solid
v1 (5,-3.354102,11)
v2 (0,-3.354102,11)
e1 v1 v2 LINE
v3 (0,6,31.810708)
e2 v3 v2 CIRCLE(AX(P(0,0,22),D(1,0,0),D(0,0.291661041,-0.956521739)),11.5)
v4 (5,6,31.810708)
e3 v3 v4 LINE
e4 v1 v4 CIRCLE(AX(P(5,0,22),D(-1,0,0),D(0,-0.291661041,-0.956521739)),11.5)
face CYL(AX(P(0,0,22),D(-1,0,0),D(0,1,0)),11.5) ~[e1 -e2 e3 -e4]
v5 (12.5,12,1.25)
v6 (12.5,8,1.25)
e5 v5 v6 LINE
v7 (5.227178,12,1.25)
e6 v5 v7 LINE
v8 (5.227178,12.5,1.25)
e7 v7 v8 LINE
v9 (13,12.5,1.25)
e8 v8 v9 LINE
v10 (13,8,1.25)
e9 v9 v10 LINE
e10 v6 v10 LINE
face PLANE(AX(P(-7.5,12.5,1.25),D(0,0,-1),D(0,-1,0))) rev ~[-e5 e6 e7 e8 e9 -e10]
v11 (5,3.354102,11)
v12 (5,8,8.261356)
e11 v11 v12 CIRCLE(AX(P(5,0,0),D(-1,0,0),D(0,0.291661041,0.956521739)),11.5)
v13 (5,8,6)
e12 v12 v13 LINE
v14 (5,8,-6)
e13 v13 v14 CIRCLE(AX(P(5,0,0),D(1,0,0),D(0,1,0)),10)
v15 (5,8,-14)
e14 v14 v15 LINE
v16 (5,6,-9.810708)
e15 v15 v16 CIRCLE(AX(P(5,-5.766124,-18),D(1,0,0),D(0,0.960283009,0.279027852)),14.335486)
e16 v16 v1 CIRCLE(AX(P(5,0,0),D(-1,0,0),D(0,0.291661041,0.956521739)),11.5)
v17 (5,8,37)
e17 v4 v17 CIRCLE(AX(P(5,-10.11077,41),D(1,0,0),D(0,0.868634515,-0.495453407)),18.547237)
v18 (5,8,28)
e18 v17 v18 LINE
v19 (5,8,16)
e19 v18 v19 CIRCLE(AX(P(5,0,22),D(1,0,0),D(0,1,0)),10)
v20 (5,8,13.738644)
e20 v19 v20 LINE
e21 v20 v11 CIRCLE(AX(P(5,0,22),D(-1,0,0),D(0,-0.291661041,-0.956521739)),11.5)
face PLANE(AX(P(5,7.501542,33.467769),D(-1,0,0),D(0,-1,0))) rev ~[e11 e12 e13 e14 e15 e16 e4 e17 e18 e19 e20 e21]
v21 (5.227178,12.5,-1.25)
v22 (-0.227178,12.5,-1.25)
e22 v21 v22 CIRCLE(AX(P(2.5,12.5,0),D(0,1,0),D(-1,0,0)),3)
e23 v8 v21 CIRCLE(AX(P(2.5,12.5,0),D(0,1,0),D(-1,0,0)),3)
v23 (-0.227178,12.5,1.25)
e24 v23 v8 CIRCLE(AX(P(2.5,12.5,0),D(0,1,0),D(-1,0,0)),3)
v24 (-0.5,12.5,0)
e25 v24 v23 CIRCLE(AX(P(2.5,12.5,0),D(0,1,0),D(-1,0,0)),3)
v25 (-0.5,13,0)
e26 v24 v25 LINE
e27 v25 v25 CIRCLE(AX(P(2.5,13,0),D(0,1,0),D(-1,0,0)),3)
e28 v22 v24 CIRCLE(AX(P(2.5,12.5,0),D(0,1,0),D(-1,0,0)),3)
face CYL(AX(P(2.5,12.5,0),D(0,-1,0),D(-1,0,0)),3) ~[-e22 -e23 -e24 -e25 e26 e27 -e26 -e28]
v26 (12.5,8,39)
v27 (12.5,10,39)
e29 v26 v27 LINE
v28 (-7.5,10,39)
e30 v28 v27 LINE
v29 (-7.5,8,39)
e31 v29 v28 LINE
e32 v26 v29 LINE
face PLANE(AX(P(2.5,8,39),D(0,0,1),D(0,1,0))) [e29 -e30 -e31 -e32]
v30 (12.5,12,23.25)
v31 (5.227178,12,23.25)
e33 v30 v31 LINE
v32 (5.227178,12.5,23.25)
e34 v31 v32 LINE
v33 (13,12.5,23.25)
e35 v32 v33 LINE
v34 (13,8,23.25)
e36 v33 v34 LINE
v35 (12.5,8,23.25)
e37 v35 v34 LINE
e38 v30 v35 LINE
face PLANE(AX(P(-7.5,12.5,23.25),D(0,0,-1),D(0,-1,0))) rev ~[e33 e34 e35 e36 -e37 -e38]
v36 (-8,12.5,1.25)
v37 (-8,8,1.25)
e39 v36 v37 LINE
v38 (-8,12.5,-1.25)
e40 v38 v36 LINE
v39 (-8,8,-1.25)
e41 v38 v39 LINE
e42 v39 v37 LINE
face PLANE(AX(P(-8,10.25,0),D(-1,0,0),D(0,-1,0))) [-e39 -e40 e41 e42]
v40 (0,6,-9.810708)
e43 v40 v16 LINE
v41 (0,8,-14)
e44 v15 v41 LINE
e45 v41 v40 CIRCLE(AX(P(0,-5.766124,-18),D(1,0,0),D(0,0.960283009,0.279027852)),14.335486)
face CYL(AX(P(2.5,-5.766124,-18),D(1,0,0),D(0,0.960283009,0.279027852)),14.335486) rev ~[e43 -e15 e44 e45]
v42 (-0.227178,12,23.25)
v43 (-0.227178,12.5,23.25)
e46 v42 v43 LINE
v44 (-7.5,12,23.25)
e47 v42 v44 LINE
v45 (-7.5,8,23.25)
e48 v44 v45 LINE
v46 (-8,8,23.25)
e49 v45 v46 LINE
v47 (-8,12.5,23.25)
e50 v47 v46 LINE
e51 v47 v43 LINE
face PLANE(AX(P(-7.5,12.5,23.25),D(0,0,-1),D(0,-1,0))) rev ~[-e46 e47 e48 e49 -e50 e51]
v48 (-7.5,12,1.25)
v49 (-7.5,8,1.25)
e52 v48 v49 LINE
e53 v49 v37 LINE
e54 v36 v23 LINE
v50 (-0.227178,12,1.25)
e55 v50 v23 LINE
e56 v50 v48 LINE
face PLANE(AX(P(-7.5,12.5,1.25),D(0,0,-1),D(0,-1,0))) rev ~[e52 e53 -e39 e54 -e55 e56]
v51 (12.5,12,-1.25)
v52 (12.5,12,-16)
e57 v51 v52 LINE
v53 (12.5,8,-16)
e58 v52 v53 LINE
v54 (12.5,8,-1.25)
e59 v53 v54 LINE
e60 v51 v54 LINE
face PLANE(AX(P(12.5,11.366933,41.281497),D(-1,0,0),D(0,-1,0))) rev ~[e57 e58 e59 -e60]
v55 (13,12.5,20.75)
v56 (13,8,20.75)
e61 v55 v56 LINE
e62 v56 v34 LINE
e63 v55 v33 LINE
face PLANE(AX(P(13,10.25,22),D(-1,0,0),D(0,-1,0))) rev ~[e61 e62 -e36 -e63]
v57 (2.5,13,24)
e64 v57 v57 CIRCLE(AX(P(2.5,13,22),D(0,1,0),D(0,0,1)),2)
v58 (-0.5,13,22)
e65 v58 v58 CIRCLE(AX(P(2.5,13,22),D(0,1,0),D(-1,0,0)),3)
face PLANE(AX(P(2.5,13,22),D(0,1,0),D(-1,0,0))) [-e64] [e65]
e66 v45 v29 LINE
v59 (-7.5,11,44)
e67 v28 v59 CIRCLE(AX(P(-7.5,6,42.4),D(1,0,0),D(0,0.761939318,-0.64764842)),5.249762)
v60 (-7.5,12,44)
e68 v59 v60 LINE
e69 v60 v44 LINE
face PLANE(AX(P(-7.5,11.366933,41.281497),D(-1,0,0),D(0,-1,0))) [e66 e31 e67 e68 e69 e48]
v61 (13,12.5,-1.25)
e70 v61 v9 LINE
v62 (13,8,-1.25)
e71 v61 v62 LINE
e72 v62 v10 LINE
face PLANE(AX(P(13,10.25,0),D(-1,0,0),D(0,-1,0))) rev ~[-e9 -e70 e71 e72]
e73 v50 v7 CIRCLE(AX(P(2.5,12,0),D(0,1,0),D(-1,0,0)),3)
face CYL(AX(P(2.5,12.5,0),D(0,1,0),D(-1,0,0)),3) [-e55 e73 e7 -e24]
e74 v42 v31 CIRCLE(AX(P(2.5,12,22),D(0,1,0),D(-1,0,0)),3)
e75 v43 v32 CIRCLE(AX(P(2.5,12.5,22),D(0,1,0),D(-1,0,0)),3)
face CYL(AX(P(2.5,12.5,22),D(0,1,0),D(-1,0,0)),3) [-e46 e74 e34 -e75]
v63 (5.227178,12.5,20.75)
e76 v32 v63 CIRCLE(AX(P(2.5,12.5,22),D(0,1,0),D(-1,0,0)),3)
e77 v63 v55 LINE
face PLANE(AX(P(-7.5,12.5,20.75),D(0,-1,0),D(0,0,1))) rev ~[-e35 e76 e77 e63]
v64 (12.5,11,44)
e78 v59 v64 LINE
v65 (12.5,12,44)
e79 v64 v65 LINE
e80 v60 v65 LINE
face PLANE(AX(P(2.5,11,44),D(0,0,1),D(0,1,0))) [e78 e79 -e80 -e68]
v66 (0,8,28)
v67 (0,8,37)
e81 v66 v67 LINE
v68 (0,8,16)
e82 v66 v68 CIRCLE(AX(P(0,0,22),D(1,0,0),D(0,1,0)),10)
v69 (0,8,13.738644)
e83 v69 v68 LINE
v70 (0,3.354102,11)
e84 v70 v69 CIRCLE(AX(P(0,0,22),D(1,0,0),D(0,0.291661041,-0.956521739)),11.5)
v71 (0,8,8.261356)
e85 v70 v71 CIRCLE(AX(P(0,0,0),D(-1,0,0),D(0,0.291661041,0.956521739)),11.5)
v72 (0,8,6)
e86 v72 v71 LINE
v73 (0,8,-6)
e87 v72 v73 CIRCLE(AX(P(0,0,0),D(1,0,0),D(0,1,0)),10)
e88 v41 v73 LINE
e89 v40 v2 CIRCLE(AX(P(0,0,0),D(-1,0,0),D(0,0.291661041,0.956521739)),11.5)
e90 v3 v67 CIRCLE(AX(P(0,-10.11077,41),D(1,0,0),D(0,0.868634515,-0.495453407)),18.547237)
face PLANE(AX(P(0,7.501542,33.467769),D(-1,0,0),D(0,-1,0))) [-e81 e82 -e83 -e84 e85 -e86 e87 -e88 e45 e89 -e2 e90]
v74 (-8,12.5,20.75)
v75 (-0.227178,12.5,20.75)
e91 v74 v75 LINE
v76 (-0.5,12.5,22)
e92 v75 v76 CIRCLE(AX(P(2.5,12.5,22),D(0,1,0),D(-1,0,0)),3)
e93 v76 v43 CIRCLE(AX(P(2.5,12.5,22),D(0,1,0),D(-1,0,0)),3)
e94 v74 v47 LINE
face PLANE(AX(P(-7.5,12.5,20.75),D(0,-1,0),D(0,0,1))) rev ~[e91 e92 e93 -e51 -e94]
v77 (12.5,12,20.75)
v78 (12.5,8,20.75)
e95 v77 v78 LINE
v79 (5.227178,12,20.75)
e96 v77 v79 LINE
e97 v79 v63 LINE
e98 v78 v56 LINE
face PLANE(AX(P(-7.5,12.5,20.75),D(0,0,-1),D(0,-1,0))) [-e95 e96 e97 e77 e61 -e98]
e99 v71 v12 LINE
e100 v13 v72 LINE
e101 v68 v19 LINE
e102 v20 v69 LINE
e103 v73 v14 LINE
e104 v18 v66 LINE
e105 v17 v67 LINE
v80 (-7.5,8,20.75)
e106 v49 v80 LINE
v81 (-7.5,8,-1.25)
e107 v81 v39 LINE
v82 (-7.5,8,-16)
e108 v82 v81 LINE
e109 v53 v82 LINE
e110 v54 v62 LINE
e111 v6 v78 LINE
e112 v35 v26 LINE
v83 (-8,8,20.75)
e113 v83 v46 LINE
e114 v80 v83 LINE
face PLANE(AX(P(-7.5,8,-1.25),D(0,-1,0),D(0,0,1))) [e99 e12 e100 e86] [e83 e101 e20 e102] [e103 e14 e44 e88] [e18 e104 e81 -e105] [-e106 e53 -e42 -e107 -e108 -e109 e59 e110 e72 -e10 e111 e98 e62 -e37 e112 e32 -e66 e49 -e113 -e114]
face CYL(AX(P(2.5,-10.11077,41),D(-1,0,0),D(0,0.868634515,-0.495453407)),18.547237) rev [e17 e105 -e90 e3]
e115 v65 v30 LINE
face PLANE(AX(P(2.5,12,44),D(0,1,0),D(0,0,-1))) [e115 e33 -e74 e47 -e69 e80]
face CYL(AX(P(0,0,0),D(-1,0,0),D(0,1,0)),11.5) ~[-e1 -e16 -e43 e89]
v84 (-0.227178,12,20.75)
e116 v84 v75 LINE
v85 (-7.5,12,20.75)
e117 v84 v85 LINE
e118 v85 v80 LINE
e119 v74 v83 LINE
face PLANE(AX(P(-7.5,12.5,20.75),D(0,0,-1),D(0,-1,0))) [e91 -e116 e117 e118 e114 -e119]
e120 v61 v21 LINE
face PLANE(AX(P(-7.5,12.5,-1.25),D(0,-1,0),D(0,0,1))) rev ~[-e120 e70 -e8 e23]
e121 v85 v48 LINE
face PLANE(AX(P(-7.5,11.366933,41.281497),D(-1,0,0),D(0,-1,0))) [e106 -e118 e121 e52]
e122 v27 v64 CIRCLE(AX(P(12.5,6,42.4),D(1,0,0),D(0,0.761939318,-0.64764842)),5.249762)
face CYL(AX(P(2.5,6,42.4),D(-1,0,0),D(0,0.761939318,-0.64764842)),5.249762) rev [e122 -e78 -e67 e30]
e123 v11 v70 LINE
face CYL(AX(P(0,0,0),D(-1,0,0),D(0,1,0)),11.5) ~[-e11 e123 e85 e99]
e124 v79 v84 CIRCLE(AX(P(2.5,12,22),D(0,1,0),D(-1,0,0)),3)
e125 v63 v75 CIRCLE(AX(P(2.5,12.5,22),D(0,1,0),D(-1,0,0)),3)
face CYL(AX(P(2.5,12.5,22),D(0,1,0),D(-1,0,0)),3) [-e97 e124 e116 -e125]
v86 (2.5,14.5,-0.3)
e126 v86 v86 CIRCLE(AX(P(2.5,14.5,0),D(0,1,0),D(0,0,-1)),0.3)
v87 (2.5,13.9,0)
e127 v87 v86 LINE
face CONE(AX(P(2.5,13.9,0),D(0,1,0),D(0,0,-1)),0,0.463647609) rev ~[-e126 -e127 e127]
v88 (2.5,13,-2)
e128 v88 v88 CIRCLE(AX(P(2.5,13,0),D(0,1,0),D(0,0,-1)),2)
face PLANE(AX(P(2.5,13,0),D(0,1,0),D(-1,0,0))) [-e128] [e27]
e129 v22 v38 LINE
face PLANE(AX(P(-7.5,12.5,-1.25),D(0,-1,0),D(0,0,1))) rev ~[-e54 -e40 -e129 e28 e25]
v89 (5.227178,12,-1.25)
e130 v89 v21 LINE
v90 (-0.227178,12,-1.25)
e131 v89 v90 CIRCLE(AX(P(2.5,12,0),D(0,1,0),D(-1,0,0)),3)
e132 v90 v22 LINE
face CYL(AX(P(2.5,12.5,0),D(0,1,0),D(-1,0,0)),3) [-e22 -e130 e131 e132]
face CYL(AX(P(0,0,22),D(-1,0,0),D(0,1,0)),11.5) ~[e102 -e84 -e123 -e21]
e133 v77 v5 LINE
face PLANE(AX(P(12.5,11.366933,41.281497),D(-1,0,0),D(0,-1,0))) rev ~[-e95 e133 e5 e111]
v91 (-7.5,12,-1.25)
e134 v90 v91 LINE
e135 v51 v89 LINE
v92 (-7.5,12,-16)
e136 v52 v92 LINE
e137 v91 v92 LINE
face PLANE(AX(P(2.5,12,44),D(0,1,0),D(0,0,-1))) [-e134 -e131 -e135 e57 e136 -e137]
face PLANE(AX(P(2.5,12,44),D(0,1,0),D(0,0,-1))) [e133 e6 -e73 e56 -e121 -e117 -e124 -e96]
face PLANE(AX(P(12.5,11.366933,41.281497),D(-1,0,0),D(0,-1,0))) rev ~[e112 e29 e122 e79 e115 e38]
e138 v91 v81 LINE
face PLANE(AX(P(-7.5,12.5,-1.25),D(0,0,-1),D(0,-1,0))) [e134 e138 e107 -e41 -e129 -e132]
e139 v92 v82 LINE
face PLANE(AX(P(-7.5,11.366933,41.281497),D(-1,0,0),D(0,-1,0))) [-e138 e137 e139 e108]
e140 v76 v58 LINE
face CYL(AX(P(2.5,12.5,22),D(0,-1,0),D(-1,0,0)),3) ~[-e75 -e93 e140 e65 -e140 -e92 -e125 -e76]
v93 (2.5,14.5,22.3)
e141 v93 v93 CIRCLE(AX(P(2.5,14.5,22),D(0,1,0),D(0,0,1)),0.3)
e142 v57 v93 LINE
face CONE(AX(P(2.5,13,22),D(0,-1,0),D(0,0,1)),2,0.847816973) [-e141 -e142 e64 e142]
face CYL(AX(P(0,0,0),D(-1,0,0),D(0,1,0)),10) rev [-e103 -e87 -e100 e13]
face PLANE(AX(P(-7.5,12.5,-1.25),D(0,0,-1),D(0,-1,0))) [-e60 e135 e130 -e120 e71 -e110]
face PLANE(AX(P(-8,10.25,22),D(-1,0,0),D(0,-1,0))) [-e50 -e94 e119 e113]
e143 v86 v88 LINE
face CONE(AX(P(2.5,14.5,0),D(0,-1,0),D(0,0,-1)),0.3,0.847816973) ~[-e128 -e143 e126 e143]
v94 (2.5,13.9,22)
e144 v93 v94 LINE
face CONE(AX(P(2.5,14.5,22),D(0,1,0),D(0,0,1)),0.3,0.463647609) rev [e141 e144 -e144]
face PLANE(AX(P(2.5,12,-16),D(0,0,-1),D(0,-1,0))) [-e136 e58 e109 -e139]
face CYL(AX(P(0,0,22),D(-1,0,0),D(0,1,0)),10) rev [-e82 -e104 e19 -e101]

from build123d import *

# Parameters (mm, degrees)
F0_R           = 11.5
F0_R_2         = 10
F1_DEPTH       = 5
F5_DEPTH       = 10
F5_DEPTH_BACK  = 10
F6_W           = 4.5
F6_H           = 2.5
F7_DEPTH       = 0.5
F7_DEPTH_BACK  = 20.5
F8_R           = 3
F9_DEPTH       = 0.5
F9_DEPTH_BACK  = 0.5
F13_DEPTH      = 2.5
F13_DEPTH_BACK = 2.5


with BuildPart() as f1:
    # F0 (on Right) → F1 (new body)
    with BuildSketch(Plane.YZ):
        Circle(F0_R)
        Circle(F0_R_2, mode=Mode.SUBTRACT)
    extrude(amount=F1_DEPTH)


with BuildPart() as f3_1:
    # F3: copy of F1
    add(f1.part.moved(Location((0, 0, 22))))


with BuildPart() as f1_1:
    add(f1.part)

    add(f3_1.part)  # F5 merges F3_1
    # F4 (on offset) → F5 (join, two sides)
    with BuildSketch(Plane(origin=(2.5, 0, 0), x_dir=(0, -1, 0), z_dir=(-1, 0, 0))) as f5_sk:
        with BuildLine():
            Line((-12, 44), (-12, 39))
            Line((-12, 39), (-10, 39))
            ThreePointArc((-10, 39), (-11.1478150705, 41.3704369859), (-11, 44))
            Line((-11, 44), (-12, 44))
        make_face()
        with BuildLine():
            Line((-12, 39), (-12, -16))
            Line((-12, -16), (-8, -16))
            Line((-8, -16), (-8, -14))
            Line((-8, -14), (-8, -8.2613558209))
            ThreePointArc((-8, -8.2613558209), (-11.5, 0), (-8, 8.2613558209))
            Line((-8, 8.2613558209), (-8, 13.7386441791))
            ThreePointArc((-8, 13.7386441791), (-11.5, 22), (-8, 30.2613558209))
            Line((-8, 30.2613558209), (-8, 37))
            Line((-8, 37), (-8, 39))
            Line((-8, 39), (-10, 39))
            Line((-10, 39), (-12, 39))
        make_face()
        with BuildLine():
            ThreePointArc((-8, 30.2613558209), (-11.5, 22), (-8, 13.7386441791))
            Line((-8, 13.7386441791), (-8, 30.2613558209))
        make_face()
        with BuildLine():
            ThreePointArc((-8, 8.2613558209), (-11.5, 0), (-8, -8.2613558209))
            Line((-8, -8.2613558209), (-8, 8.2613558209))
        make_face()
    extrude(amount=F5_DEPTH)
    extrude(f5_sk.sketch, amount=-F5_DEPTH_BACK)

    # F6 (on face) → F7 (join, two sides)
    with BuildSketch(Plane(origin=(-7.5, 0, 0), x_dir=(0, -1, 0), z_dir=(-1, 0, 0))) as f7_sk:
        with Locations((-10.25, 0)):
            Rectangle(F6_W, F6_H)
        with Locations((-10.25, 22)):
            Rectangle(F6_W, F6_H)
    extrude(amount=F7_DEPTH)
    extrude(f7_sk.sketch, amount=-F7_DEPTH_BACK)

    # F8 (on face) → F9 (join, two sides)
    with BuildSketch(Plane(origin=(0, 12.5, 0), x_dir=(-1, 0, 0), z_dir=(0, 1, 0))) as f9_sk:
        with Locations((-2.5, 22)):
            Circle(F8_R)
        with Locations((-2.5, 0)):
            Circle(F8_R)
    extrude(amount=F9_DEPTH)
    extrude(f9_sk.sketch, amount=-F9_DEPTH_BACK)

    # F10 (on offset) → F11 (revolve)
    with BuildSketch(Plane(origin=(2.5, 0, 0), x_dir=(0, -1, 0), z_dir=(-1, 0, 0))):
        Polygon((-13, -2), (-13, 0), (-13.9, 0), (-14.5, -0.3), align=None)
    revolve(axis=Axis((2.5, 13.75, 0), (0, 1, 0)))

    # F10 (on offset) → F12 (revolve)
    with BuildSketch(Plane(origin=(2.5, 0, 0), x_dir=(0, -1, 0), z_dir=(-1, 0, 0))):
        Polygon((-13, 24), (-14.5, 22.3), (-13.9, 22), (-13, 22), align=None)
    revolve(axis=Axis((2.5, 13.75, 22), (0, 1, 0)))

    # F4 (on offset) → F13 (join, two sides)
    with BuildSketch(Plane(origin=(2.5, 0, 0), x_dir=(0, -1, 0), z_dir=(-1, 0, 0))) as f13_sk:
        with BuildLine():
            ThreePointArc((-6, 31.8107084352), (-7.1956056108, 34.3299660424), (-8, 37))
            Line((-8, 37), (-8, 30.2613558209))
            ThreePointArc((-8, 30.2613558209), (-7.0427355041, 31.0911977549), (-6, 31.8107084352))
        make_face()
        with BuildLine():
            Line((-8, -8.2613558209), (-8, -14))
            ThreePointArc((-8, -14), (-7.1707018436, -11.8238598451), (-6, -9.8107084352))
            ThreePointArc((-6, -9.8107084352), (-7.0427355041, -9.0911977549), (-8, -8.2613558209))
        make_face()
    extrude(amount=F13_DEPTH)
    extrude(f13_sk.sketch, amount=-F13_DEPTH_BACK)


solid = f1_1.part
